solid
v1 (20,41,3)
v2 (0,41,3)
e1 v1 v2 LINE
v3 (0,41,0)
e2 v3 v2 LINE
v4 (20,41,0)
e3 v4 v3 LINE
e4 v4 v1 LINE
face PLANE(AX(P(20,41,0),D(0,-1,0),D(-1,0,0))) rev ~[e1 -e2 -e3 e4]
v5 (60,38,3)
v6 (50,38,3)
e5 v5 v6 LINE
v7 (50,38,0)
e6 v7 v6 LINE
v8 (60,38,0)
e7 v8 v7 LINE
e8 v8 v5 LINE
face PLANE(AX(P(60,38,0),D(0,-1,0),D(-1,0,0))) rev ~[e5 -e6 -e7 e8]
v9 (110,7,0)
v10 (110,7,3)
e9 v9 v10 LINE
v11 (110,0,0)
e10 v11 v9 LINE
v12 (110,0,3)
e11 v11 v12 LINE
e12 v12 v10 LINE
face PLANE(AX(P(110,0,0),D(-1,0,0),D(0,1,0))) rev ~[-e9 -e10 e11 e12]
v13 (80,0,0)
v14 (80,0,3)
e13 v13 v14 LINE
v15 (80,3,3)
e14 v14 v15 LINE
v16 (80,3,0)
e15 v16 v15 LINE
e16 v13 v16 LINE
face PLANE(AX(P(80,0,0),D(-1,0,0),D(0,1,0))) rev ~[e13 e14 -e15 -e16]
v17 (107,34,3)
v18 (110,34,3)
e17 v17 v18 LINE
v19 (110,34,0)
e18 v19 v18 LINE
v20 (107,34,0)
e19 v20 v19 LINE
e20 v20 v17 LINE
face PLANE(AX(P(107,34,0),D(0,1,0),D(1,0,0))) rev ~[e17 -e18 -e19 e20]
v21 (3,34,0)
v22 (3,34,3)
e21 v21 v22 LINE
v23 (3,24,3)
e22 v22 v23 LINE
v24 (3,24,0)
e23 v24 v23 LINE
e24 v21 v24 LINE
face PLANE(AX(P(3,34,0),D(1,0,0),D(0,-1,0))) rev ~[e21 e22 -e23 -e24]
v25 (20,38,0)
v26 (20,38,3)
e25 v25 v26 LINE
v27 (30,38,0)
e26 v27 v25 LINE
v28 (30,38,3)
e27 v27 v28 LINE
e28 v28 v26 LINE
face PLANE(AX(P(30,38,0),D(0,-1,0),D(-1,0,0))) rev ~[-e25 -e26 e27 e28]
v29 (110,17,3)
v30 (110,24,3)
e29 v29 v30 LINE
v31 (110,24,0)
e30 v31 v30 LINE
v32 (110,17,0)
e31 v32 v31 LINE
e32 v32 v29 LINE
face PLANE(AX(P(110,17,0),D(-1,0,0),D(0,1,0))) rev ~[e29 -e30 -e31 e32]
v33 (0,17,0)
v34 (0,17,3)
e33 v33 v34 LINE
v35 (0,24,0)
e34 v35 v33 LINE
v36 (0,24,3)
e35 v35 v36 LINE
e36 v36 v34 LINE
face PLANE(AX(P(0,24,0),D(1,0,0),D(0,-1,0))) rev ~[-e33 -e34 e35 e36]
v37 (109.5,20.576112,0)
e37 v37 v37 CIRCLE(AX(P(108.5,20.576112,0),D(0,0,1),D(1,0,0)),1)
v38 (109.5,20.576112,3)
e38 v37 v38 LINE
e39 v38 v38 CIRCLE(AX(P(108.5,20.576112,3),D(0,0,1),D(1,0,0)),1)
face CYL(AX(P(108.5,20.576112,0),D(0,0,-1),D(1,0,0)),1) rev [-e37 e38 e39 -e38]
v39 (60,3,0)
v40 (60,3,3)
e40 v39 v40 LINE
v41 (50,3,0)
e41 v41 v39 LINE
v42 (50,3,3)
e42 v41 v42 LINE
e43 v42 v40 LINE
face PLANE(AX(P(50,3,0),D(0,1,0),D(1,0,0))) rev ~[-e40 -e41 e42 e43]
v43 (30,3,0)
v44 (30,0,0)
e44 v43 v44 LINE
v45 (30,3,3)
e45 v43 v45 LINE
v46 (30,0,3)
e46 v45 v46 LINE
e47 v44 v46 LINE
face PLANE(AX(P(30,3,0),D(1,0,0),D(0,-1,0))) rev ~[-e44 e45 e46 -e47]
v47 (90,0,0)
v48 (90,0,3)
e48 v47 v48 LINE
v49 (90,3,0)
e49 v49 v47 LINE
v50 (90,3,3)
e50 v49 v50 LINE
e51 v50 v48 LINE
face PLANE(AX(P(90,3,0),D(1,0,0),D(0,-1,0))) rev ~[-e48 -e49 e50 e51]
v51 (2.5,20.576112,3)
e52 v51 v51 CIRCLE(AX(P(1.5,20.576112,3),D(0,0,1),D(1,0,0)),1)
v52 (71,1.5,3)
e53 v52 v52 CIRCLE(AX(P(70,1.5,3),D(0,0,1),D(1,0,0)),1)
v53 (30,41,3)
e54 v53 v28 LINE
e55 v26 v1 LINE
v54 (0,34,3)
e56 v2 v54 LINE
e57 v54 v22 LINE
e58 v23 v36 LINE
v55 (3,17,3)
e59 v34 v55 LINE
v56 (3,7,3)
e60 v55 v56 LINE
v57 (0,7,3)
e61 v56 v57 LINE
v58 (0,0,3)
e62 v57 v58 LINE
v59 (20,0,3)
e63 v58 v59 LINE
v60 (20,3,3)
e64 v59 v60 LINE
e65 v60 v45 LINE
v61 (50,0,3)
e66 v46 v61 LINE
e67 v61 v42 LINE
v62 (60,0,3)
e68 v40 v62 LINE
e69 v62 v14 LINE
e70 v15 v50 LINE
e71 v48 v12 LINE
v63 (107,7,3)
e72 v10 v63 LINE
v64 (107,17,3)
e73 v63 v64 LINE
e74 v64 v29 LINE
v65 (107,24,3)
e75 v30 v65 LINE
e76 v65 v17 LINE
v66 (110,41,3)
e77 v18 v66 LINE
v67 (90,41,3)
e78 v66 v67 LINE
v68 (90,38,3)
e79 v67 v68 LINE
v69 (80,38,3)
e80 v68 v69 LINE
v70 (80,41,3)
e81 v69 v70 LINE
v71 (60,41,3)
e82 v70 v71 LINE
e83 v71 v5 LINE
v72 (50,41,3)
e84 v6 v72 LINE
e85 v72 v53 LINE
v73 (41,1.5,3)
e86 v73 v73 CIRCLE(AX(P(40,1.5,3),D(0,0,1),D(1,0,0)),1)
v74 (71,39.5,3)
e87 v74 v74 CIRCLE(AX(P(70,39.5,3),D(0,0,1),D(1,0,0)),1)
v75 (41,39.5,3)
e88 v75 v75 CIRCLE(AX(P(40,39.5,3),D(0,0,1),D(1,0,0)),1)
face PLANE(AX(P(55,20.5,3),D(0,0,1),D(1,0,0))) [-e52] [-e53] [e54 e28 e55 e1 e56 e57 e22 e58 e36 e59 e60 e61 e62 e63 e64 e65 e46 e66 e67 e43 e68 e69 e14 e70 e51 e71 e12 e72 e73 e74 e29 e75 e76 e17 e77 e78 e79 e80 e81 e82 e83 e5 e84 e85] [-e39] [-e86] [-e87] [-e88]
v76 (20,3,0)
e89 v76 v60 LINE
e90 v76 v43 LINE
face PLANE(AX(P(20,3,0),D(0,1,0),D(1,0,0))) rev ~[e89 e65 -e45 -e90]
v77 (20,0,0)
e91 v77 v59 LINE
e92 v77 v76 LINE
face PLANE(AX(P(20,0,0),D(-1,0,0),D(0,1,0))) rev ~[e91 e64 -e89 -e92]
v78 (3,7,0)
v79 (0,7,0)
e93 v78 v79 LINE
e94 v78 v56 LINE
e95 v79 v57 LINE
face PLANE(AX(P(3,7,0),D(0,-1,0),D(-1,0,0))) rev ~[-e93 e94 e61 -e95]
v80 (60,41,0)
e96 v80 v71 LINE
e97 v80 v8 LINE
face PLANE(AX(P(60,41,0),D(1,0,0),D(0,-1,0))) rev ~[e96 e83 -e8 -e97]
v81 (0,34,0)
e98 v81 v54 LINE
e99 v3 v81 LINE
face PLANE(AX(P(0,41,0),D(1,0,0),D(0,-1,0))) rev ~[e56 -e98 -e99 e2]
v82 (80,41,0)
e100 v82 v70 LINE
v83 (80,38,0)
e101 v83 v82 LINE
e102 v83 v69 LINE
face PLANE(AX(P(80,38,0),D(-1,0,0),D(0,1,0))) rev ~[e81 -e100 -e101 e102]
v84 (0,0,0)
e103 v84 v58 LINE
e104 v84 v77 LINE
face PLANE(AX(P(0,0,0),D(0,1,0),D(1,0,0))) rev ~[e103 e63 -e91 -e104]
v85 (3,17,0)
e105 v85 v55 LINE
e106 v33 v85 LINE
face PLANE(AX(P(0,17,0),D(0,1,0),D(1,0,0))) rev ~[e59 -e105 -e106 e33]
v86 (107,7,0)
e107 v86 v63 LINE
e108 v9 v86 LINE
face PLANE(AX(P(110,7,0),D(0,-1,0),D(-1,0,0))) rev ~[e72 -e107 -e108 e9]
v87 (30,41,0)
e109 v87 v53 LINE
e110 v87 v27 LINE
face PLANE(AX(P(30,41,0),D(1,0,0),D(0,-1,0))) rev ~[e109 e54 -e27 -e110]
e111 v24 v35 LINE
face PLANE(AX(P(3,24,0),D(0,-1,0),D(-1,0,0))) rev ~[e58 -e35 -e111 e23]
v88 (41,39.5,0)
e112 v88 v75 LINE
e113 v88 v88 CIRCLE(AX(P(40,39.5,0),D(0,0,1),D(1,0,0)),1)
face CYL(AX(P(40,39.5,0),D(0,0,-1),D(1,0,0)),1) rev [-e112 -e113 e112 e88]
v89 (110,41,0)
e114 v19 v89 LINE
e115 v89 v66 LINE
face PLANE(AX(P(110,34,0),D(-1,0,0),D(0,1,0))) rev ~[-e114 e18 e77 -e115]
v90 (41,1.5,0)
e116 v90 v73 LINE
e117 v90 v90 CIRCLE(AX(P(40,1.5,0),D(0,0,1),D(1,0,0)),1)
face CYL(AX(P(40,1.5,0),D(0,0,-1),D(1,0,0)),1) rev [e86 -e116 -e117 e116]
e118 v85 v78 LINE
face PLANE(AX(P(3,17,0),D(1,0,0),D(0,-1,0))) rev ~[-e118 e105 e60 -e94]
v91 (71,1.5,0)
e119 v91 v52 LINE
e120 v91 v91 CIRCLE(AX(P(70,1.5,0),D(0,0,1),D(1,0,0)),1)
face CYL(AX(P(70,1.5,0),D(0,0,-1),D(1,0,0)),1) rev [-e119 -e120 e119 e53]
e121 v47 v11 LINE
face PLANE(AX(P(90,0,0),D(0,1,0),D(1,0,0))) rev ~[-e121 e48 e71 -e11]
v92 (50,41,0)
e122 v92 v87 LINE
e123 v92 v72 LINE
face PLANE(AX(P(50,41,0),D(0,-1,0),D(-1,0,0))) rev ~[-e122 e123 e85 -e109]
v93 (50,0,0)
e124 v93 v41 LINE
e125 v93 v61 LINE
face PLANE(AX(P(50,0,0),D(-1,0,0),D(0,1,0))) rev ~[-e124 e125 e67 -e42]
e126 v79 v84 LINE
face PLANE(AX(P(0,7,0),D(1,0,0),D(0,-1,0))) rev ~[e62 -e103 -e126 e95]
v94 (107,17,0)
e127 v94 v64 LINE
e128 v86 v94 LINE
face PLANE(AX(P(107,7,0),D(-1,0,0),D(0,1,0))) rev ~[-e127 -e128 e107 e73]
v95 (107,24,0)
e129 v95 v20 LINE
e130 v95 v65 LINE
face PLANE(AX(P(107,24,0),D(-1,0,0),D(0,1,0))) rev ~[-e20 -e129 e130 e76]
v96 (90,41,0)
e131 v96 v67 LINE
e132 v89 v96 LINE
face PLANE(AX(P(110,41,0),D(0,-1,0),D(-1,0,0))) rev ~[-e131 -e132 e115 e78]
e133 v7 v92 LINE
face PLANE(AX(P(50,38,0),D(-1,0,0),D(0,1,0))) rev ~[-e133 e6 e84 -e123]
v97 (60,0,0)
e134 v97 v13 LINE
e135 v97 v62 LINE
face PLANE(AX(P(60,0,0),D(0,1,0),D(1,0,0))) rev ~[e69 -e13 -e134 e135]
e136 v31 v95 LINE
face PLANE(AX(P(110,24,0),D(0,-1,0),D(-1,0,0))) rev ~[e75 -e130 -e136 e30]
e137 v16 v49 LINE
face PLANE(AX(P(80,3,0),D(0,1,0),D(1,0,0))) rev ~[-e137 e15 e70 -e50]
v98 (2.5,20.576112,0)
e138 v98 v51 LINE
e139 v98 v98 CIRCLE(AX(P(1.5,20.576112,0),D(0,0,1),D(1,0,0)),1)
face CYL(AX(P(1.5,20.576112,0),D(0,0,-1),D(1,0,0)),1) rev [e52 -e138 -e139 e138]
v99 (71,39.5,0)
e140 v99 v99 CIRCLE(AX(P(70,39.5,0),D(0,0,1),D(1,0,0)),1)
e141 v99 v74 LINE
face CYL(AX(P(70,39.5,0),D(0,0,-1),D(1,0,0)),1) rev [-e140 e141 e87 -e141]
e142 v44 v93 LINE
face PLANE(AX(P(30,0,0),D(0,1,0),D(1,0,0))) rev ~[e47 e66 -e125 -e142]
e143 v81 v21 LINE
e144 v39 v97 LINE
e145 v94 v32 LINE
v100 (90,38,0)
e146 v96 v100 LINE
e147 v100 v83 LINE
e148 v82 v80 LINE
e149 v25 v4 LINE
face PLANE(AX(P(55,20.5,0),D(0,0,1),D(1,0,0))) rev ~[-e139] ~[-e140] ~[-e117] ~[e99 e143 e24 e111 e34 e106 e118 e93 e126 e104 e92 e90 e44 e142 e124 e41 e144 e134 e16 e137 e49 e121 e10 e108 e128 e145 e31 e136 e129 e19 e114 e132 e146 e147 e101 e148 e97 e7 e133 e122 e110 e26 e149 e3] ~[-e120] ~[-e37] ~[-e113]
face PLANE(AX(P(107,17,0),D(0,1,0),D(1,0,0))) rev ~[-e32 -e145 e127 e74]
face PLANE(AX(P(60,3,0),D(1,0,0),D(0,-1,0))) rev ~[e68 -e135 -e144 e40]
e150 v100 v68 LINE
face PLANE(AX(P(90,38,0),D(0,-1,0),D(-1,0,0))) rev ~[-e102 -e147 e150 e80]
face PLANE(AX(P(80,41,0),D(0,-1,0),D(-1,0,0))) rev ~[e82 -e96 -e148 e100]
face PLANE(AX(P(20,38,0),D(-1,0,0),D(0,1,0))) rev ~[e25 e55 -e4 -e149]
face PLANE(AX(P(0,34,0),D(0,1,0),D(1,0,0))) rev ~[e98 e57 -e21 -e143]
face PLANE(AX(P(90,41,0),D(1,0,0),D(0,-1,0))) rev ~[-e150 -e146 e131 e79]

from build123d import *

# Parameters (mm, degrees)
F0_R     = 1
F1_DEPTH = 3


with BuildPart() as f1:
    # F0 (on Top) → F1 (new body)
    with BuildSketch(Plane.XY):
        Polygon((0, 7), (0, 0), (20, 0), (20, 3), (30, 3), (30, 0), (50, 0), (50, 3), (55, 3), (60, 3), (60, 0), (80, 0), (80, 3), (90, 3), (90, 0), (110, 0), (110, 7), (107, 7), (107, 17), (110, 17), (110, 24), (107, 24), (107, 34), (110, 34), (110, 41), (90, 41), (90, 38), (80, 38), (80, 41), (60, 41), (60, 38), (55, 38), (50, 38), (50, 41), (30, 41), (30, 38), (20, 38), (20, 41), (0, 41), (0, 34), (3, 34), (3, 24), (0, 24), (0, 17), (3, 17), (3, 7), align=None)
        with Locations((40, 1.5)):
            Circle(F0_R, mode=Mode.SUBTRACT)
        with Locations((70, 1.5)):
            Circle(F0_R, mode=Mode.SUBTRACT)
        with Locations((1.5, 20.576112)):
            Circle(F0_R, mode=Mode.SUBTRACT)
        with Locations((40, 39.5)):
            Circle(F0_R, mode=Mode.SUBTRACT)
        with Locations((108.5, 20.576112)):
            Circle(F0_R, mode=Mode.SUBTRACT)
        with Locations((70, 39.5)):
            Circle(F0_R, mode=Mode.SUBTRACT)
    extrude(amount=F1_DEPTH)


solid = f1.part
